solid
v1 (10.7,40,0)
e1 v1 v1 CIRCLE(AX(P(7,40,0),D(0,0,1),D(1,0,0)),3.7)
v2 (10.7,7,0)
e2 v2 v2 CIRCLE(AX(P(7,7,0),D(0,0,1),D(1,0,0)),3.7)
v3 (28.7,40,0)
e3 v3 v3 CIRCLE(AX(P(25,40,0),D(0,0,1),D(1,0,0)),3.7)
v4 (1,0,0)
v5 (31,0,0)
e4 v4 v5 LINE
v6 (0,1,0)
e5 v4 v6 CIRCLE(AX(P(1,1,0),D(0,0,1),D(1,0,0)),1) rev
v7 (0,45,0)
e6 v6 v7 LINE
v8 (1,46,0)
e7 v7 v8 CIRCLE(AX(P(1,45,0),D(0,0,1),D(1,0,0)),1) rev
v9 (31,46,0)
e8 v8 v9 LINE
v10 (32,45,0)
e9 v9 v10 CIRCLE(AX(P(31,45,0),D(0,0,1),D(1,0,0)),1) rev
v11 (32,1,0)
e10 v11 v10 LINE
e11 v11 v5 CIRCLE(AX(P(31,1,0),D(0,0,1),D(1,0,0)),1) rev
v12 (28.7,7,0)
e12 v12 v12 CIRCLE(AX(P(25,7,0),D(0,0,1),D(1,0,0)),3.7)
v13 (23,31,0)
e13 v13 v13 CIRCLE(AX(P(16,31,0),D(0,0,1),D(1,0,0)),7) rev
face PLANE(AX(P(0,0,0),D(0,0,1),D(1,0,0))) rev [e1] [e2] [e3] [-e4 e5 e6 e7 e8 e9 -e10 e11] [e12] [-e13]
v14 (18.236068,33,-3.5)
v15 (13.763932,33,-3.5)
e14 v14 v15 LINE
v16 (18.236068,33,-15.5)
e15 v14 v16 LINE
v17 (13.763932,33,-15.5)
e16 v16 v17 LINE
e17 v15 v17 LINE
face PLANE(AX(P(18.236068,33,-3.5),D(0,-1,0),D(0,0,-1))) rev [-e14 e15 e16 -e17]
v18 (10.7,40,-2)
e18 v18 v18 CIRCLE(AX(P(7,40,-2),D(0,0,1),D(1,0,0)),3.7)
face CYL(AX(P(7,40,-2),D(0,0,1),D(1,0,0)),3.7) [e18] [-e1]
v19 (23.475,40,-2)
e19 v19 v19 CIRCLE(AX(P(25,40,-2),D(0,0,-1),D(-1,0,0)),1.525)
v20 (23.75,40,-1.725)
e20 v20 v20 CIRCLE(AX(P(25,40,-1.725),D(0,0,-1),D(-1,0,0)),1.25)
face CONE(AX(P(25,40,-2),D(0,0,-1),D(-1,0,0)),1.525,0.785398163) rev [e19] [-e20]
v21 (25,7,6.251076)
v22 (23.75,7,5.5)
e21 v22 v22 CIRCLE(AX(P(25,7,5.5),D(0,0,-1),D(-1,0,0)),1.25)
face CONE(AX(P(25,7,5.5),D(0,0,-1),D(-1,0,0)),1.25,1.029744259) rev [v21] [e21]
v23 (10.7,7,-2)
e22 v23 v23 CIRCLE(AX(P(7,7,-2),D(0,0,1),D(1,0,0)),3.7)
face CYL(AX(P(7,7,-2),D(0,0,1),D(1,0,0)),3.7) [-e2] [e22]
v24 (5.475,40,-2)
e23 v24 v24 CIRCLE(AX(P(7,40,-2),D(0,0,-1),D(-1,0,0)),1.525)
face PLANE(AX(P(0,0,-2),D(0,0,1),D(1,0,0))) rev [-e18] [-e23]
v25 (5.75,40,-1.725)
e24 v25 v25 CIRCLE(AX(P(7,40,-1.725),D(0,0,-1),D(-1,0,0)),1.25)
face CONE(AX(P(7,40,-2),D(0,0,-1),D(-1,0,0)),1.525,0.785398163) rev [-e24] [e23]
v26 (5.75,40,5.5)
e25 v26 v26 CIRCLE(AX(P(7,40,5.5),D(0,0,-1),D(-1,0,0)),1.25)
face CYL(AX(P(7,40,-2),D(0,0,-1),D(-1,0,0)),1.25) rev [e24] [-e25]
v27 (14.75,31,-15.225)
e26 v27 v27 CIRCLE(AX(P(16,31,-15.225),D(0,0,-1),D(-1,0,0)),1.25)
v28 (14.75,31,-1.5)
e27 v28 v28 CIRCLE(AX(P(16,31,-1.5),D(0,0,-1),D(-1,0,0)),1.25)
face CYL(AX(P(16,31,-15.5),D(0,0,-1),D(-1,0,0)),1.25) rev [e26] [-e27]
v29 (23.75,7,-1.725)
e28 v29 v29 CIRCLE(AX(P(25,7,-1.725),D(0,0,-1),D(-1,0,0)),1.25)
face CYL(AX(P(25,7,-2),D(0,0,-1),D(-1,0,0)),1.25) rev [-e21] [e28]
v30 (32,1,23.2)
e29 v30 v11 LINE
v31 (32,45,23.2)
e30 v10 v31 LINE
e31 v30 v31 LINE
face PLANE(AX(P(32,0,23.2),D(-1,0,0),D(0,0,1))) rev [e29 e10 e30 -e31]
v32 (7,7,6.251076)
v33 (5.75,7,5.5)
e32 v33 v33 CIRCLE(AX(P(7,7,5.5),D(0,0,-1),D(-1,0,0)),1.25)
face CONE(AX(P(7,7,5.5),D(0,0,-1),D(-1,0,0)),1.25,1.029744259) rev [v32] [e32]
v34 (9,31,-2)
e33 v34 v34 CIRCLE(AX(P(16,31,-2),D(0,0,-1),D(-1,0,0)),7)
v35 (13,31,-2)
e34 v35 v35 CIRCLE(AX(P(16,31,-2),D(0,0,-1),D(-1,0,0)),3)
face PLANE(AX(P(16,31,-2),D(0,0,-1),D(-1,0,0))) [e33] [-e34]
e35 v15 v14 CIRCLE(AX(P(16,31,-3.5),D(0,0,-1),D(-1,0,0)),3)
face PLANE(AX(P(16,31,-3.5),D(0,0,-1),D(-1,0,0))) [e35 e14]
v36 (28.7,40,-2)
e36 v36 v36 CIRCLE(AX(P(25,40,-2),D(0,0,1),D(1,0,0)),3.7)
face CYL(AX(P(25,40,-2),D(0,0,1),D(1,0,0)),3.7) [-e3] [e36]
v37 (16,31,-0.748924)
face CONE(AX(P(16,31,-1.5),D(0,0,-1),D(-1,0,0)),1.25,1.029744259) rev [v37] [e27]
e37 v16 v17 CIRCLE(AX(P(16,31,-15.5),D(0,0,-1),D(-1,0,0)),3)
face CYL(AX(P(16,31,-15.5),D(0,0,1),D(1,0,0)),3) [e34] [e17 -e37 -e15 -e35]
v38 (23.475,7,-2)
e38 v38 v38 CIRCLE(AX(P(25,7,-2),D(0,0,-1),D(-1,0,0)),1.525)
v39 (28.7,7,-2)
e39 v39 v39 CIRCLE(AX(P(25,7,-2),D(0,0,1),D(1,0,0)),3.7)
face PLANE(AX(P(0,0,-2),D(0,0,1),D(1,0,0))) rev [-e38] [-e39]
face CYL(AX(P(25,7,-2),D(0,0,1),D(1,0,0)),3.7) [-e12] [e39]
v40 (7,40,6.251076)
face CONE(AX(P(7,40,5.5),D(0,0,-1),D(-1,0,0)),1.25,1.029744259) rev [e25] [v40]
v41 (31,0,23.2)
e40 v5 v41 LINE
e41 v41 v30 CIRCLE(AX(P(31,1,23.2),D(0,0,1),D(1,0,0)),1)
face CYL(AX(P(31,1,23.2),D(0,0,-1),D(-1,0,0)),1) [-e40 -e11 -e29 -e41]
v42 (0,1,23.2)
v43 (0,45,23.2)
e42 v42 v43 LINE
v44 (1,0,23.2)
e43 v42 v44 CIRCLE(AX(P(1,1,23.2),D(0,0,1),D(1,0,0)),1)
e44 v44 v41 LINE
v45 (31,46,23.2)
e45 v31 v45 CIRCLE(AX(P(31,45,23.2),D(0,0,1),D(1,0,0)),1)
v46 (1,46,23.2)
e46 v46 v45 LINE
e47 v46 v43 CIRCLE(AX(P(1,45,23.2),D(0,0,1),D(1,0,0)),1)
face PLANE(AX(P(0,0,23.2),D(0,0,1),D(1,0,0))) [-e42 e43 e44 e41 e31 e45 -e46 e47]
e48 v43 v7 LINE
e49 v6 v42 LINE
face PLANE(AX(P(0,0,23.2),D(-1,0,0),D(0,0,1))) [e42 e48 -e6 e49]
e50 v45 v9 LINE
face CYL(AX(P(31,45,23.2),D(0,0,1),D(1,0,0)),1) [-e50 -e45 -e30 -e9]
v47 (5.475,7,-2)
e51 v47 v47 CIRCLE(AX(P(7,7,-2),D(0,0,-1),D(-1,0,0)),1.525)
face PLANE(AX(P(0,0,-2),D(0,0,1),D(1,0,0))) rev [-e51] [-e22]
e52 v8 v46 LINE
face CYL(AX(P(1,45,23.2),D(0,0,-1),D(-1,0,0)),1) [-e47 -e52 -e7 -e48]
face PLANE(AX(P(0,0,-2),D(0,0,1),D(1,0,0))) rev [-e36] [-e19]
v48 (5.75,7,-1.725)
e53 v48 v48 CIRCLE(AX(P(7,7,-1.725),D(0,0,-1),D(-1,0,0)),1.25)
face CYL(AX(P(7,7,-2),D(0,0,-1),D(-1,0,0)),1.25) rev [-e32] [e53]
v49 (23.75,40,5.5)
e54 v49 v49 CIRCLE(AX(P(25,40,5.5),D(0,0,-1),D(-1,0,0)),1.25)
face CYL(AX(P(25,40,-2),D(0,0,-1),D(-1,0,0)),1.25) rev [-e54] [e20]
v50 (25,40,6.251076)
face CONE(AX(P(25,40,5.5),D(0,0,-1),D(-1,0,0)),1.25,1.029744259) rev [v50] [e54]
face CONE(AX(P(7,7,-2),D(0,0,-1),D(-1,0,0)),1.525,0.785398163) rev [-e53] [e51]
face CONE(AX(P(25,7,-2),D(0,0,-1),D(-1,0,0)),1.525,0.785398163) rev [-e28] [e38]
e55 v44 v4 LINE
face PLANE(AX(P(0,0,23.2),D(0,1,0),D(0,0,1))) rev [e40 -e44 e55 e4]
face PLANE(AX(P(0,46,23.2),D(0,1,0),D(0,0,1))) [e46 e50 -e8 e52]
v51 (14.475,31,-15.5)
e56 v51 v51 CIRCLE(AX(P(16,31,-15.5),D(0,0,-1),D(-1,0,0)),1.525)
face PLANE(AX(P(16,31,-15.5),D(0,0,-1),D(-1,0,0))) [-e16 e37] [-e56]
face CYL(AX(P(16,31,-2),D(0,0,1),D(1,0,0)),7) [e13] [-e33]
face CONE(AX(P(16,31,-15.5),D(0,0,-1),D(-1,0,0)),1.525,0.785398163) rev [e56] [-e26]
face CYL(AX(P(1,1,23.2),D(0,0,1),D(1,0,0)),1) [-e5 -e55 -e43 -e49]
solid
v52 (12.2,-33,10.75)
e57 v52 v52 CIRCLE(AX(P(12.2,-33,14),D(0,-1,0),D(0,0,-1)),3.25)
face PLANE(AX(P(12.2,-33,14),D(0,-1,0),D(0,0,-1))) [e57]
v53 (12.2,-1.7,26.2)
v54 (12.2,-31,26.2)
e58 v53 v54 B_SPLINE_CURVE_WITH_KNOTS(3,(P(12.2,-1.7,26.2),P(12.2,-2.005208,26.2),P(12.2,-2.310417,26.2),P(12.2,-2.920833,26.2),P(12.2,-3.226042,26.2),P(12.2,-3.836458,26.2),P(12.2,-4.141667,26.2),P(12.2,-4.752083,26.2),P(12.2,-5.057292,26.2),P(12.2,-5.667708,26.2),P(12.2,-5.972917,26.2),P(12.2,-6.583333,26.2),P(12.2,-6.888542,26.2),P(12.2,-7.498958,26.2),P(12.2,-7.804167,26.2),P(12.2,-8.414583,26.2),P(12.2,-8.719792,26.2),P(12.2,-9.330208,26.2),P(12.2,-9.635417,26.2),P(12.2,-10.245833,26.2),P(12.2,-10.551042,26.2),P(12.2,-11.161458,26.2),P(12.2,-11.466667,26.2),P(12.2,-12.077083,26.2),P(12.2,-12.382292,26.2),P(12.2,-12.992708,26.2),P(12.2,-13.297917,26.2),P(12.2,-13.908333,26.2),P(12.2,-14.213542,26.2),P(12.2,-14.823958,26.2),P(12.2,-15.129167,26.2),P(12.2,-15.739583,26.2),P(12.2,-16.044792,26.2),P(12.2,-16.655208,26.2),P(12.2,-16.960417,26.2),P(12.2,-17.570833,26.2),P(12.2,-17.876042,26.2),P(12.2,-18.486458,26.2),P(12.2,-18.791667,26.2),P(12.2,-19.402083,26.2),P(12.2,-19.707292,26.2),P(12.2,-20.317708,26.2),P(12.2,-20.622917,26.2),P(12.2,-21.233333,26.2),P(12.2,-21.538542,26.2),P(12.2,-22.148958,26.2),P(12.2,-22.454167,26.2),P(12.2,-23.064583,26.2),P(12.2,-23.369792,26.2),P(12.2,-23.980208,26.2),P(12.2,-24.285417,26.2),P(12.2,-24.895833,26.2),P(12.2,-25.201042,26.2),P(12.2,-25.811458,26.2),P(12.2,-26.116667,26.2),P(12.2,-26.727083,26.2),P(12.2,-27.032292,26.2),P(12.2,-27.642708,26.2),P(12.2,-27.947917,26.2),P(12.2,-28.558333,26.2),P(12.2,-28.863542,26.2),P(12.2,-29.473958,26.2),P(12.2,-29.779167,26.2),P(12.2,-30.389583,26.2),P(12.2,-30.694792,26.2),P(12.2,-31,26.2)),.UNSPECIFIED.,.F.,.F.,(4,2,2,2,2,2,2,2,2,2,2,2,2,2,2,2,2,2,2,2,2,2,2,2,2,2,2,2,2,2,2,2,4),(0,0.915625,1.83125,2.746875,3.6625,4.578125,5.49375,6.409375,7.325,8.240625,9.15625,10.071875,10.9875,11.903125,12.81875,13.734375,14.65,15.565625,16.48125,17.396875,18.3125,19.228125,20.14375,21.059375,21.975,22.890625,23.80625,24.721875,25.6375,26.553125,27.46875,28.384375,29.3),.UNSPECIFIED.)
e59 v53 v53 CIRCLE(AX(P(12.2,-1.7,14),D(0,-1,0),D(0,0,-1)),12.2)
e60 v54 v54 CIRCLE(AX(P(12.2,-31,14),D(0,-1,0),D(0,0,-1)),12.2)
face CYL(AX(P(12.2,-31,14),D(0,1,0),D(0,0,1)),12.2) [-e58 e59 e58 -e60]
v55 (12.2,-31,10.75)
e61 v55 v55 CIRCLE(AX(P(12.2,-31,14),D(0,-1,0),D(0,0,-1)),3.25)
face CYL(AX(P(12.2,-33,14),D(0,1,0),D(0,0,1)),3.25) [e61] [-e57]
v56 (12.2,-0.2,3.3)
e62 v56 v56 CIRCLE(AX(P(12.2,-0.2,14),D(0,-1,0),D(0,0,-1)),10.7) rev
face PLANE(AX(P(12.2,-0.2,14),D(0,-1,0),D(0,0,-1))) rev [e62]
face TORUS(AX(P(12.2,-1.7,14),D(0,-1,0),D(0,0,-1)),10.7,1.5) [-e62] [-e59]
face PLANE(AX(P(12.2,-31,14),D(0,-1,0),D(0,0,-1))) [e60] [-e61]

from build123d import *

# Parameters (mm, degrees)
SKETCH_1_W                   = 32
SKETCH_1_H                   = 46
EXTRUDE_1_DEPTH              = 23.2
SKETCH_1_3_R                 = 3.7
EXTRUDE_2_DEPTH              = 2
HOLE_WIZARD_M3_1_D           = 2.5
HOLE_WIZARD_M3_1_DEPTH       = 7.5
HOLE_WIZARD_M3_1_CSINK_D     = 3.05
HOLE_WIZARD_M3_1_CSINK_ANGLE = 90
HOLE_WIZARD_M3_1_TIP         = 0.751075774
SKETCH_4_R                   = 3
EXTRUDE_3_DEPTH              = 15.5
SKETCH_5_R                   = 7
EXTRUDE_4_DEPTH              = 2
HOLE_WIZARD_M3_2_D           = 2.5
HOLE_WIZARD_M3_2_DEPTH       = 14
HOLE_WIZARD_M3_2_CSINK_D     = 3.05
HOLE_WIZARD_M3_2_CSINK_ANGLE = 90
HOLE_WIZARD_M3_2_TIP         = 0.751075774
CUT_EXTRUDE_START            = -12
CUT_EXTRUDE_1_DEPTH          = 12
FILLET_1_R                   = 1
SKETCH_11_R                  = 12.2
EXTRUDE_6_DEPTH              = 30.8
FILLET_2_R                   = 1.5
SKETCH_12_R                  = 3.25
EXTRUDE_7_DEPTH              = 2


with BuildPart() as part:
    # 草图1 → 凸台-拉伸1 (new body)
    with BuildSketch(Plane.XY):
        with Locations((16, 23)):
            Rectangle(SKETCH_1_W, SKETCH_1_H)
    extrude(amount=EXTRUDE_1_DEPTH)

    # 草图1<3> → 凸台-拉伸2 (add)
    with BuildSketch(Plane.XY):
        with Locations((7, 40)):
            Circle(SKETCH_1_3_R)
        with Locations((25, 40)):
            Circle(SKETCH_1_3_R)
        with Locations((7, 7)):
            Circle(SKETCH_1_3_R)
        with Locations((25, 7)):
            Circle(SKETCH_1_3_R)
    extrude(amount=-EXTRUDE_2_DEPTH)

    # M3 螺纹孔1
    with Locations(Plane(origin=(0, 0, -2), x_dir=(-1, 0, 0), z_dir=(0, 0, -1))):
        with Locations((-7, 7), (-25, 7), (-25, 40), (-7, 40)):
            CounterSinkHole(HOLE_WIZARD_M3_1_D / 2, HOLE_WIZARD_M3_1_CSINK_D / 2, depth=HOLE_WIZARD_M3_1_DEPTH, counter_sink_angle=HOLE_WIZARD_M3_1_CSINK_ANGLE)
            with Locations((0, 0, -(HOLE_WIZARD_M3_1_DEPTH + HOLE_WIZARD_M3_1_TIP / 2))):  # 118° drill point
                Cone(0, HOLE_WIZARD_M3_1_D / 2, HOLE_WIZARD_M3_1_TIP, mode=Mode.SUBTRACT)

    # 草图4 → 凸台-拉伸3 (add)
    with BuildSketch(Plane(origin=(0, 0, 0), x_dir=(-1, 0, 0), z_dir=(0, 0, -1))):
        with Locations((-16, 31)):
            Circle(SKETCH_4_R)
    extrude(amount=EXTRUDE_3_DEPTH)

    # 草图5 → 凸台-拉伸4 (add)
    with BuildSketch(Plane(origin=(0, 0, 0), x_dir=(-1, 0, 0), z_dir=(0, 0, -1))):
        with Locations((-16, 31)):
            Circle(SKETCH_5_R)
    extrude(amount=EXTRUDE_4_DEPTH)

    # M3 螺纹孔2
    with Locations(Plane(origin=(0, 0, -15.5), x_dir=(-1, 0, 0), z_dir=(0, 0, -1))):
        with Locations((-16, 31)):
            CounterSinkHole(HOLE_WIZARD_M3_2_D / 2, HOLE_WIZARD_M3_2_CSINK_D / 2, depth=HOLE_WIZARD_M3_2_DEPTH, counter_sink_angle=HOLE_WIZARD_M3_2_CSINK_ANGLE)
            with Locations((0, 0, -(HOLE_WIZARD_M3_2_DEPTH + HOLE_WIZARD_M3_2_TIP / 2))):  # 118° drill point
                Cone(0, HOLE_WIZARD_M3_2_D / 2, HOLE_WIZARD_M3_2_TIP, mode=Mode.SUBTRACT)

    # 草图8 → 切除-拉伸1 (cut)
    with BuildSketch(Plane(origin=(0, 0, -15.5), x_dir=(-1, 0, 0), z_dir=(0, 0, -1)).offset(CUT_EXTRUDE_START)):
        with BuildLine():
            Line((-18.236067977, 33), (-13.763932023, 33))
            ThreePointArc((-13.763932023, 33), (-16, 34), (-18.236067977, 33))
        make_face()
    extrude(amount=CUT_EXTRUDE_1_DEPTH, mode=Mode.SUBTRACT)

    # 圆角1
    fillet_1_edges = [part.edges().sort_by_distance(p)[0] for p in [
        (0, 46, 11.6),
        (0, 0, 11.6),
        (32, 46, 11.6),
        (32, 0, 11.6),
    ]]
    fillet(fillet_1_edges, radius=FILLET_1_R)


with BuildPart() as body_2:
    # 草图11 → 凸台-拉伸6 (new body)
    with BuildSketch(Plane(origin=(0, -0.2, 0), x_dir=(-1, 0, 0), z_dir=(0, -1, 0))):
        with Locations((-12.2, -14)):
            Circle(SKETCH_11_R)
    extrude(amount=EXTRUDE_6_DEPTH)

    # 圆角2
    fillet_2_edges = [body_2.edges().sort_by_distance(p)[0] for p in [
        (24.4, -0.2, 14),
    ]]
    fillet(fillet_2_edges, radius=FILLET_2_R)

    # 草图12 → 凸台-拉伸7 (add)
    with BuildSketch(Plane.XZ.offset(31)):
        with Locations((12.2, 14)):
            Circle(SKETCH_12_R)
    extrude(amount=EXTRUDE_7_DEPTH)


solid = Compound([part.part, body_2.part])
